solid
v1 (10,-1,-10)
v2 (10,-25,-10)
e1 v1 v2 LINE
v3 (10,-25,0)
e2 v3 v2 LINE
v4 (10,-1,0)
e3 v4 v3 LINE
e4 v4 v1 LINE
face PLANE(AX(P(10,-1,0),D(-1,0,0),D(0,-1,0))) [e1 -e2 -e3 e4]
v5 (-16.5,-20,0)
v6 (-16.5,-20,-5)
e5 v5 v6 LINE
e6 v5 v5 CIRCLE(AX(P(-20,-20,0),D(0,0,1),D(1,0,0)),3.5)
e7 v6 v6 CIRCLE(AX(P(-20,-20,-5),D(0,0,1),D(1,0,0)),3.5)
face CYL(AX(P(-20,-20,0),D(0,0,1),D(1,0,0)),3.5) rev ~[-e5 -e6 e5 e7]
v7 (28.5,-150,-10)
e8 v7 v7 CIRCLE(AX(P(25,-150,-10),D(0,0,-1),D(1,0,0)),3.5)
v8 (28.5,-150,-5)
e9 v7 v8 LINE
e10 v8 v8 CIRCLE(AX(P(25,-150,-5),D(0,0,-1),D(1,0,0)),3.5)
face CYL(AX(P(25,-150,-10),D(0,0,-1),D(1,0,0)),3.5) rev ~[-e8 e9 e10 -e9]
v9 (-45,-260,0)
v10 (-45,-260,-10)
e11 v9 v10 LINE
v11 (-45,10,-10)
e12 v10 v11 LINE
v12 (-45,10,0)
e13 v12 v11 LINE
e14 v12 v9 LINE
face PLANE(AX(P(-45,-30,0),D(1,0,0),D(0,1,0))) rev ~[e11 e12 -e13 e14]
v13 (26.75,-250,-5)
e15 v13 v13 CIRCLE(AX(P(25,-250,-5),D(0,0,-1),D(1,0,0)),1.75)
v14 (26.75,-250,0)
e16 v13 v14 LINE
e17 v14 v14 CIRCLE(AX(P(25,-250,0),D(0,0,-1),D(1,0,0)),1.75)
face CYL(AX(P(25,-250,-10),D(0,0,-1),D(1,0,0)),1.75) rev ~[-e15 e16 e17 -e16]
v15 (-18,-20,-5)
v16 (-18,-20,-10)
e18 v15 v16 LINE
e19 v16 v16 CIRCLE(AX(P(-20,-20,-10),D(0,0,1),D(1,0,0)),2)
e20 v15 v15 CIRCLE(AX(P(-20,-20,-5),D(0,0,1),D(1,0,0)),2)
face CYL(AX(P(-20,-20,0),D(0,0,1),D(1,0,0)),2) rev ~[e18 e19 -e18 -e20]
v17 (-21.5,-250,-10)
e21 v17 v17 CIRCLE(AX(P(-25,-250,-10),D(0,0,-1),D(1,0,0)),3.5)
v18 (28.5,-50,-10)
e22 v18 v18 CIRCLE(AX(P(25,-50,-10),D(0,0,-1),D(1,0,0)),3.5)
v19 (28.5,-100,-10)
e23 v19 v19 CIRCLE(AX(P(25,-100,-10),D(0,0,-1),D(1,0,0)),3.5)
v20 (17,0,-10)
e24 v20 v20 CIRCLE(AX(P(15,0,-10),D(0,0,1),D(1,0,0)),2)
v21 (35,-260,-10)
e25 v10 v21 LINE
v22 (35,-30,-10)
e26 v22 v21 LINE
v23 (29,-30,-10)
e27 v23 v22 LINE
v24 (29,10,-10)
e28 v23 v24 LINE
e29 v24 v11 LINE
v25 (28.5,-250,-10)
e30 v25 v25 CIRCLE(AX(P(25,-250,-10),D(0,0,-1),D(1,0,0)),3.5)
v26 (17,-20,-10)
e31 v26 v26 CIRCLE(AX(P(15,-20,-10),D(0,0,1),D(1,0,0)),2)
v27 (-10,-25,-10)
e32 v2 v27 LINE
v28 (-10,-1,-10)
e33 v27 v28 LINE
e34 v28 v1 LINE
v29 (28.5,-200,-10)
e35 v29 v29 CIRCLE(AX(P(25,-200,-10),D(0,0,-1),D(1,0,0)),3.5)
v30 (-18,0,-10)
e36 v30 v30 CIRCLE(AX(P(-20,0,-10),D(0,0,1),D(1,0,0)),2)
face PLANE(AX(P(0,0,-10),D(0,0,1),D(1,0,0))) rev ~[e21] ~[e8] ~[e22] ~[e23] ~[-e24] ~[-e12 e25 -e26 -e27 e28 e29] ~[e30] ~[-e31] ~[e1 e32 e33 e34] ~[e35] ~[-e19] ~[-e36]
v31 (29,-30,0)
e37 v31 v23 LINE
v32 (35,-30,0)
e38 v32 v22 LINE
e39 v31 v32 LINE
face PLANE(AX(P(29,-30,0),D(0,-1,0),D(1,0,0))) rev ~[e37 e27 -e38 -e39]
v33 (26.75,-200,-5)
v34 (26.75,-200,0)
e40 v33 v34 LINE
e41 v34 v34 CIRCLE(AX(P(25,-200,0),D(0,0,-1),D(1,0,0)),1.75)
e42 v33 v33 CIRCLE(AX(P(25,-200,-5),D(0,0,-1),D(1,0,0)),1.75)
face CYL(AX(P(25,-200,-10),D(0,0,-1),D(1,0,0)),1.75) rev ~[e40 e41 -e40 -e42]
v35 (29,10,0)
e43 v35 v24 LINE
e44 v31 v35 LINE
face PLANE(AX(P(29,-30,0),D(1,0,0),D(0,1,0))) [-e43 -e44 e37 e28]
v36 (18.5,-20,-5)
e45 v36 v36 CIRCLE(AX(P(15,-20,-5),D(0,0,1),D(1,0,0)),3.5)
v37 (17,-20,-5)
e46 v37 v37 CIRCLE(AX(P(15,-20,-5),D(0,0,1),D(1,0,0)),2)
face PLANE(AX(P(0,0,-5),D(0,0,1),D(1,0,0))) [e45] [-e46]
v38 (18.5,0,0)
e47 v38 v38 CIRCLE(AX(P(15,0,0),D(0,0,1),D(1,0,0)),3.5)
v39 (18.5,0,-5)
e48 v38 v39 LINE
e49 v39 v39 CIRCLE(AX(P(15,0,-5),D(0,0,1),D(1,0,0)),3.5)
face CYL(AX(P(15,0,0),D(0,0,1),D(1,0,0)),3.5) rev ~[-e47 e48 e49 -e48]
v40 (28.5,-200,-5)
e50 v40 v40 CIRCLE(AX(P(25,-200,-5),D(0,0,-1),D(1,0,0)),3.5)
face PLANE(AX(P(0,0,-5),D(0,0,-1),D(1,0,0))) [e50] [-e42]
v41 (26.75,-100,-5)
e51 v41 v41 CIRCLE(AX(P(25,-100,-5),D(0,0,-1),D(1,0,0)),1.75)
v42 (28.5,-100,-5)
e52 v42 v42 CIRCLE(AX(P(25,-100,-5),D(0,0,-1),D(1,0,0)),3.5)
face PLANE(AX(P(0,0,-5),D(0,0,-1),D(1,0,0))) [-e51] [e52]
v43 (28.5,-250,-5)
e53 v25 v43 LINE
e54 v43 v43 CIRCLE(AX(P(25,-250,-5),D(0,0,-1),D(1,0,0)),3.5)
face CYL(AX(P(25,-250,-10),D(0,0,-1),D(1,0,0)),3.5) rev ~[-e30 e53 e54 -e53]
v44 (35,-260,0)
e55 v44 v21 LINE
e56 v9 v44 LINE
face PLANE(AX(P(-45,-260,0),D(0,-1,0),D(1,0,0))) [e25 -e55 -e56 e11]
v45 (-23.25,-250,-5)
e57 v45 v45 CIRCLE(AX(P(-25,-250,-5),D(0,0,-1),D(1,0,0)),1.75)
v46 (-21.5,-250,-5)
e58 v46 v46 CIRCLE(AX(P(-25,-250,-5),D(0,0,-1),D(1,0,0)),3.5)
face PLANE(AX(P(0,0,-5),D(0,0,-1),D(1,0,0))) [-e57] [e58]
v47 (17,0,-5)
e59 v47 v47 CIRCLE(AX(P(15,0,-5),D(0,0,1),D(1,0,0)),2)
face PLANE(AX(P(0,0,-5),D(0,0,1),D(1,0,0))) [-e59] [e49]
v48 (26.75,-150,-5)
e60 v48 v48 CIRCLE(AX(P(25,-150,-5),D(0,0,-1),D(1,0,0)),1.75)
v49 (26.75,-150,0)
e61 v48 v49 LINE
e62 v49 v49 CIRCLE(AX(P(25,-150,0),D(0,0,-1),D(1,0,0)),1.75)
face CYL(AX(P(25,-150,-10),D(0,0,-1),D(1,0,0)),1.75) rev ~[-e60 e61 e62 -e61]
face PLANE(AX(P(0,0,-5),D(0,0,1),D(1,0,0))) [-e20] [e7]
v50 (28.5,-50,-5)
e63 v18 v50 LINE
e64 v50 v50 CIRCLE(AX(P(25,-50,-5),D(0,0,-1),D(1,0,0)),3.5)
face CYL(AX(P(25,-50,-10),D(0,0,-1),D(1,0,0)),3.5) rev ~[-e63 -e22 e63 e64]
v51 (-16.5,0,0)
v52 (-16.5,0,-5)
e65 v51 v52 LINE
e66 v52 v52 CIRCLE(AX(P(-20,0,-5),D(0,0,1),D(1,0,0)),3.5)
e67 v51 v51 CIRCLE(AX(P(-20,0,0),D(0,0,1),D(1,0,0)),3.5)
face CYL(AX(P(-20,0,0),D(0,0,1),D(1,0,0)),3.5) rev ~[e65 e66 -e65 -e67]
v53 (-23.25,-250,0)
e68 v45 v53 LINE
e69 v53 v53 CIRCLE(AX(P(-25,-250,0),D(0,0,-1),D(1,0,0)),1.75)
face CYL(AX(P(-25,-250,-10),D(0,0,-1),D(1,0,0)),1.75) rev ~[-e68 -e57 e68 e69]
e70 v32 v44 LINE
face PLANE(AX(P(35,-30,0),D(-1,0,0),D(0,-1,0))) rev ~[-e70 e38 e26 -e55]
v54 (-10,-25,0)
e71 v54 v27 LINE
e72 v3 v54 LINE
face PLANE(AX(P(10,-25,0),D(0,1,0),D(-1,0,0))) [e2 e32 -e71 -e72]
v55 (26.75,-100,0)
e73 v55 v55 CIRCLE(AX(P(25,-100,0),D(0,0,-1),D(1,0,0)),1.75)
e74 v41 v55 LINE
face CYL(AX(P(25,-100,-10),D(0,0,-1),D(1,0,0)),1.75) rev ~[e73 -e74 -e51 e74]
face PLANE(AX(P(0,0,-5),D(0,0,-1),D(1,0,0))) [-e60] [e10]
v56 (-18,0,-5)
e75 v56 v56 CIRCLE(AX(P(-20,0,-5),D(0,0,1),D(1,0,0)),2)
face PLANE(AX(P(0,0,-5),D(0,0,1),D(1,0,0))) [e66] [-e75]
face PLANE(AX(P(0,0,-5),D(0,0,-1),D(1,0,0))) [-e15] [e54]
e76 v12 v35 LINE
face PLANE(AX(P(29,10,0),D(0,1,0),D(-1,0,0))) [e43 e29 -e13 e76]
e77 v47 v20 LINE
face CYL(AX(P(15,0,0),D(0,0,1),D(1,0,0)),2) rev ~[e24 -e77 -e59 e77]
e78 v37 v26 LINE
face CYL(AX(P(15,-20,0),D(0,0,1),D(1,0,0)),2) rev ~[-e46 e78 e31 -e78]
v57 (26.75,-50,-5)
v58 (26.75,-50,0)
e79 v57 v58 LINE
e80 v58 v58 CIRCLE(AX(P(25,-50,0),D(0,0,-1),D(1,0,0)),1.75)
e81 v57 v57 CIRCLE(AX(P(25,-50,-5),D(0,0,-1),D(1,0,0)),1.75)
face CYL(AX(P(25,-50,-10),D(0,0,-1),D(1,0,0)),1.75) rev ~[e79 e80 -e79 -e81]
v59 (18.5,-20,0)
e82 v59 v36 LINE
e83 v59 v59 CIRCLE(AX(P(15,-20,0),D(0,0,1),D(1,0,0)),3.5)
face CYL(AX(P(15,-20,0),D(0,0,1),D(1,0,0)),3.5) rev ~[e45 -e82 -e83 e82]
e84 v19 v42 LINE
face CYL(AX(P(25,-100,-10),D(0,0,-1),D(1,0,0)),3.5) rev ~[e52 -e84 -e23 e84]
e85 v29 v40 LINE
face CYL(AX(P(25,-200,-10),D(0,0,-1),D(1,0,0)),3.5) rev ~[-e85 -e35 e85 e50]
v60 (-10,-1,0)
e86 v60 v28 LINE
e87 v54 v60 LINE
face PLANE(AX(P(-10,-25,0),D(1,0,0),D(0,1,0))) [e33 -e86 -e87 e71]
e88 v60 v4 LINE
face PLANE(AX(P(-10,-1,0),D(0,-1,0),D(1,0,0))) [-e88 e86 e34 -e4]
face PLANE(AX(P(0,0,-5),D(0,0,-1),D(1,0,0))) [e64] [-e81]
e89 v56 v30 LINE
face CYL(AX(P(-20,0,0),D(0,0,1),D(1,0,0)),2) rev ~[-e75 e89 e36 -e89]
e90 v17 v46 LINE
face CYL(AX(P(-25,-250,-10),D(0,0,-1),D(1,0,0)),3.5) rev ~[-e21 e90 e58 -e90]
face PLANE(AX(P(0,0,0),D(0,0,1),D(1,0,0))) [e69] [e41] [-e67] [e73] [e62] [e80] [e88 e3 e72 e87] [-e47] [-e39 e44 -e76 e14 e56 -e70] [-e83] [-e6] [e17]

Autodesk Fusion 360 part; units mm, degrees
sketch "Szkic1" plane through (0, 0, 0) normal (0, 0, 1) x (1, 0, 0)
  line L0 (29, -30) -> (29, 10)
  line L1 (-31, -30) -> (29, -30)
  line L2 (-31, 10) -> (-31, -30)
  line L3 (29, 10) -> (-31, 10)
  line L4 (-10, -1) -> (10, -1)
  line L5 (-10, -25) -> (-10, -1)
  line L6 (10, -25) -> (-10, -25)
  line L7 (10, -1) -> (10, -25)
  circle A0 centre (15, -20) radius 2
  circle A1 centre (15, 0) radius 2
  circle A2 centre (-20, 0) radius 2
  circle A3 centre (-20, -20) radius 2
  line L8 (29, 10) -> (29, -30)
  line L9 (29, -30) -> (35, -30)
  line L10 (35, -30) -> (35, 10)
  line L11 (35, 10) -> (29, 10)
  line L12 (-31, 10) -> (-31, -30)
  line L13 (-31, -30) -> (-45, -30)
  line L14 (-45, -30) -> (-45, 10)
  line L15 (-45, 10) -> (-31, 10)
  line L16 (35, -30) -> (35, -260)
  line L17 (-45, -30) -> (-45, -260)
  line L18 (-45, -260) -> (35, -260)
  circle A4 centre (-20, 0) radius 3.5
  circle A5 centre (-20, -20) radius 3.5
  circle A6 centre (15, -20) radius 3.5
  circle A7 centre (15, 0) radius 3.5
  dimension "d1" = 4
  dimension "d2" = 4
  dimension "d3" = 4
  dimension "d4" = 6
  dimension "d5" = 14
  dimension "d6" = 230
  dimension "d7" = 230
  dimension "d8" = 7
  dimension "d9" = 7
  dimension "d10" = 7
  dimension "d11" = 7
extrude "Wyciągnięcie proste1" add sketch "Szkic1" against normal blind 10 contours L0 L1 L2 L3 L8 L12 | L1 L9 L13 L16 L17 L18 | L2 L12 L13 L14 L15 | A4 | A5 | A6 | A7
extrude "Wyciągnięcie proste2" cut sketch "Szkic1" against normal blind 5 contours A4 | A5 | A6 | A7
sketch "Szkic2" plane through (0, 0, -10) normal (0, 0, -1) x (1, 0, 0)
  circle A0 centre (-20, 20) radius 2
  line L0 (10, 1) -> (-10, 1)
  line L1 (-10, 1) -> (-10, 25)
  line L2 (-10, 25) -> (10, 25)
  line L3 (10, 25) -> (10, 1)
  circle A1 centre (15, 20) radius 2
  circle A2 centre (15, 0) radius 2
  circle A3 centre (-20, 0) radius 2
  line L4 (-45, 260) -> (-45, -10)
  line L5 (-45, -10) -> (29, -10)
  line L6 (29, -10) -> (29, 30)
  line L7 (29, 30) -> (35, 30)
  line L8 (35, 30) -> (35, 260)
  line L9 (35, 260) -> (-45, 260)
  circle A4 centre (25, 250) radius 1.75
  circle A5 centre (-25, 250) radius 1.75
  circle A6 centre (25, 200) radius 1.75
  circle A7 centre (25, 150) radius 1.75
  circle A8 centre (25, 100) radius 1.75
  circle A9 centre (25, 50) radius 1.75
  circle A10 centre (25, 50) radius 3.5
  circle A11 centre (25, 100) radius 3.5
  circle A12 centre (25, 150) radius 3.5
  circle A13 centre (25, 200) radius 3.5
  circle A14 centre (25, 250) radius 3.5
  circle A15 centre (-25, 250) radius 3.5
  dimension "d16" = 3.5
  dimension "d17" = 3.5
  dimension "d18" = 3.5
  dimension "d19" = 3.5
  dimension "d20" = 3.5
  dimension "d21" = 3.5
  dimension "d22" = 7
  dimension "d23" = 7
  dimension "d24" = 7
  dimension "d25" = 7
  dimension "d26" = 7
  dimension "d27" = 7
extrude "Wyciągnięcie proste3" cut sketch "Szkic2" against normal blind 5 contours A10 | A11 | A12 | A13 | A14 | A15
extrude "Wyciągnięcie proste4" cut 6 faces at (-25.7416, -250.3286, -10) (24.2584, -250.3286, -10) (23.7552, -199.6385, -10) (23.7552, -149.6385, -10) (25.3956, -99.1189, -10) (25.1298, -50.5687, -10) along direction (0, 0, 1) blind 10
